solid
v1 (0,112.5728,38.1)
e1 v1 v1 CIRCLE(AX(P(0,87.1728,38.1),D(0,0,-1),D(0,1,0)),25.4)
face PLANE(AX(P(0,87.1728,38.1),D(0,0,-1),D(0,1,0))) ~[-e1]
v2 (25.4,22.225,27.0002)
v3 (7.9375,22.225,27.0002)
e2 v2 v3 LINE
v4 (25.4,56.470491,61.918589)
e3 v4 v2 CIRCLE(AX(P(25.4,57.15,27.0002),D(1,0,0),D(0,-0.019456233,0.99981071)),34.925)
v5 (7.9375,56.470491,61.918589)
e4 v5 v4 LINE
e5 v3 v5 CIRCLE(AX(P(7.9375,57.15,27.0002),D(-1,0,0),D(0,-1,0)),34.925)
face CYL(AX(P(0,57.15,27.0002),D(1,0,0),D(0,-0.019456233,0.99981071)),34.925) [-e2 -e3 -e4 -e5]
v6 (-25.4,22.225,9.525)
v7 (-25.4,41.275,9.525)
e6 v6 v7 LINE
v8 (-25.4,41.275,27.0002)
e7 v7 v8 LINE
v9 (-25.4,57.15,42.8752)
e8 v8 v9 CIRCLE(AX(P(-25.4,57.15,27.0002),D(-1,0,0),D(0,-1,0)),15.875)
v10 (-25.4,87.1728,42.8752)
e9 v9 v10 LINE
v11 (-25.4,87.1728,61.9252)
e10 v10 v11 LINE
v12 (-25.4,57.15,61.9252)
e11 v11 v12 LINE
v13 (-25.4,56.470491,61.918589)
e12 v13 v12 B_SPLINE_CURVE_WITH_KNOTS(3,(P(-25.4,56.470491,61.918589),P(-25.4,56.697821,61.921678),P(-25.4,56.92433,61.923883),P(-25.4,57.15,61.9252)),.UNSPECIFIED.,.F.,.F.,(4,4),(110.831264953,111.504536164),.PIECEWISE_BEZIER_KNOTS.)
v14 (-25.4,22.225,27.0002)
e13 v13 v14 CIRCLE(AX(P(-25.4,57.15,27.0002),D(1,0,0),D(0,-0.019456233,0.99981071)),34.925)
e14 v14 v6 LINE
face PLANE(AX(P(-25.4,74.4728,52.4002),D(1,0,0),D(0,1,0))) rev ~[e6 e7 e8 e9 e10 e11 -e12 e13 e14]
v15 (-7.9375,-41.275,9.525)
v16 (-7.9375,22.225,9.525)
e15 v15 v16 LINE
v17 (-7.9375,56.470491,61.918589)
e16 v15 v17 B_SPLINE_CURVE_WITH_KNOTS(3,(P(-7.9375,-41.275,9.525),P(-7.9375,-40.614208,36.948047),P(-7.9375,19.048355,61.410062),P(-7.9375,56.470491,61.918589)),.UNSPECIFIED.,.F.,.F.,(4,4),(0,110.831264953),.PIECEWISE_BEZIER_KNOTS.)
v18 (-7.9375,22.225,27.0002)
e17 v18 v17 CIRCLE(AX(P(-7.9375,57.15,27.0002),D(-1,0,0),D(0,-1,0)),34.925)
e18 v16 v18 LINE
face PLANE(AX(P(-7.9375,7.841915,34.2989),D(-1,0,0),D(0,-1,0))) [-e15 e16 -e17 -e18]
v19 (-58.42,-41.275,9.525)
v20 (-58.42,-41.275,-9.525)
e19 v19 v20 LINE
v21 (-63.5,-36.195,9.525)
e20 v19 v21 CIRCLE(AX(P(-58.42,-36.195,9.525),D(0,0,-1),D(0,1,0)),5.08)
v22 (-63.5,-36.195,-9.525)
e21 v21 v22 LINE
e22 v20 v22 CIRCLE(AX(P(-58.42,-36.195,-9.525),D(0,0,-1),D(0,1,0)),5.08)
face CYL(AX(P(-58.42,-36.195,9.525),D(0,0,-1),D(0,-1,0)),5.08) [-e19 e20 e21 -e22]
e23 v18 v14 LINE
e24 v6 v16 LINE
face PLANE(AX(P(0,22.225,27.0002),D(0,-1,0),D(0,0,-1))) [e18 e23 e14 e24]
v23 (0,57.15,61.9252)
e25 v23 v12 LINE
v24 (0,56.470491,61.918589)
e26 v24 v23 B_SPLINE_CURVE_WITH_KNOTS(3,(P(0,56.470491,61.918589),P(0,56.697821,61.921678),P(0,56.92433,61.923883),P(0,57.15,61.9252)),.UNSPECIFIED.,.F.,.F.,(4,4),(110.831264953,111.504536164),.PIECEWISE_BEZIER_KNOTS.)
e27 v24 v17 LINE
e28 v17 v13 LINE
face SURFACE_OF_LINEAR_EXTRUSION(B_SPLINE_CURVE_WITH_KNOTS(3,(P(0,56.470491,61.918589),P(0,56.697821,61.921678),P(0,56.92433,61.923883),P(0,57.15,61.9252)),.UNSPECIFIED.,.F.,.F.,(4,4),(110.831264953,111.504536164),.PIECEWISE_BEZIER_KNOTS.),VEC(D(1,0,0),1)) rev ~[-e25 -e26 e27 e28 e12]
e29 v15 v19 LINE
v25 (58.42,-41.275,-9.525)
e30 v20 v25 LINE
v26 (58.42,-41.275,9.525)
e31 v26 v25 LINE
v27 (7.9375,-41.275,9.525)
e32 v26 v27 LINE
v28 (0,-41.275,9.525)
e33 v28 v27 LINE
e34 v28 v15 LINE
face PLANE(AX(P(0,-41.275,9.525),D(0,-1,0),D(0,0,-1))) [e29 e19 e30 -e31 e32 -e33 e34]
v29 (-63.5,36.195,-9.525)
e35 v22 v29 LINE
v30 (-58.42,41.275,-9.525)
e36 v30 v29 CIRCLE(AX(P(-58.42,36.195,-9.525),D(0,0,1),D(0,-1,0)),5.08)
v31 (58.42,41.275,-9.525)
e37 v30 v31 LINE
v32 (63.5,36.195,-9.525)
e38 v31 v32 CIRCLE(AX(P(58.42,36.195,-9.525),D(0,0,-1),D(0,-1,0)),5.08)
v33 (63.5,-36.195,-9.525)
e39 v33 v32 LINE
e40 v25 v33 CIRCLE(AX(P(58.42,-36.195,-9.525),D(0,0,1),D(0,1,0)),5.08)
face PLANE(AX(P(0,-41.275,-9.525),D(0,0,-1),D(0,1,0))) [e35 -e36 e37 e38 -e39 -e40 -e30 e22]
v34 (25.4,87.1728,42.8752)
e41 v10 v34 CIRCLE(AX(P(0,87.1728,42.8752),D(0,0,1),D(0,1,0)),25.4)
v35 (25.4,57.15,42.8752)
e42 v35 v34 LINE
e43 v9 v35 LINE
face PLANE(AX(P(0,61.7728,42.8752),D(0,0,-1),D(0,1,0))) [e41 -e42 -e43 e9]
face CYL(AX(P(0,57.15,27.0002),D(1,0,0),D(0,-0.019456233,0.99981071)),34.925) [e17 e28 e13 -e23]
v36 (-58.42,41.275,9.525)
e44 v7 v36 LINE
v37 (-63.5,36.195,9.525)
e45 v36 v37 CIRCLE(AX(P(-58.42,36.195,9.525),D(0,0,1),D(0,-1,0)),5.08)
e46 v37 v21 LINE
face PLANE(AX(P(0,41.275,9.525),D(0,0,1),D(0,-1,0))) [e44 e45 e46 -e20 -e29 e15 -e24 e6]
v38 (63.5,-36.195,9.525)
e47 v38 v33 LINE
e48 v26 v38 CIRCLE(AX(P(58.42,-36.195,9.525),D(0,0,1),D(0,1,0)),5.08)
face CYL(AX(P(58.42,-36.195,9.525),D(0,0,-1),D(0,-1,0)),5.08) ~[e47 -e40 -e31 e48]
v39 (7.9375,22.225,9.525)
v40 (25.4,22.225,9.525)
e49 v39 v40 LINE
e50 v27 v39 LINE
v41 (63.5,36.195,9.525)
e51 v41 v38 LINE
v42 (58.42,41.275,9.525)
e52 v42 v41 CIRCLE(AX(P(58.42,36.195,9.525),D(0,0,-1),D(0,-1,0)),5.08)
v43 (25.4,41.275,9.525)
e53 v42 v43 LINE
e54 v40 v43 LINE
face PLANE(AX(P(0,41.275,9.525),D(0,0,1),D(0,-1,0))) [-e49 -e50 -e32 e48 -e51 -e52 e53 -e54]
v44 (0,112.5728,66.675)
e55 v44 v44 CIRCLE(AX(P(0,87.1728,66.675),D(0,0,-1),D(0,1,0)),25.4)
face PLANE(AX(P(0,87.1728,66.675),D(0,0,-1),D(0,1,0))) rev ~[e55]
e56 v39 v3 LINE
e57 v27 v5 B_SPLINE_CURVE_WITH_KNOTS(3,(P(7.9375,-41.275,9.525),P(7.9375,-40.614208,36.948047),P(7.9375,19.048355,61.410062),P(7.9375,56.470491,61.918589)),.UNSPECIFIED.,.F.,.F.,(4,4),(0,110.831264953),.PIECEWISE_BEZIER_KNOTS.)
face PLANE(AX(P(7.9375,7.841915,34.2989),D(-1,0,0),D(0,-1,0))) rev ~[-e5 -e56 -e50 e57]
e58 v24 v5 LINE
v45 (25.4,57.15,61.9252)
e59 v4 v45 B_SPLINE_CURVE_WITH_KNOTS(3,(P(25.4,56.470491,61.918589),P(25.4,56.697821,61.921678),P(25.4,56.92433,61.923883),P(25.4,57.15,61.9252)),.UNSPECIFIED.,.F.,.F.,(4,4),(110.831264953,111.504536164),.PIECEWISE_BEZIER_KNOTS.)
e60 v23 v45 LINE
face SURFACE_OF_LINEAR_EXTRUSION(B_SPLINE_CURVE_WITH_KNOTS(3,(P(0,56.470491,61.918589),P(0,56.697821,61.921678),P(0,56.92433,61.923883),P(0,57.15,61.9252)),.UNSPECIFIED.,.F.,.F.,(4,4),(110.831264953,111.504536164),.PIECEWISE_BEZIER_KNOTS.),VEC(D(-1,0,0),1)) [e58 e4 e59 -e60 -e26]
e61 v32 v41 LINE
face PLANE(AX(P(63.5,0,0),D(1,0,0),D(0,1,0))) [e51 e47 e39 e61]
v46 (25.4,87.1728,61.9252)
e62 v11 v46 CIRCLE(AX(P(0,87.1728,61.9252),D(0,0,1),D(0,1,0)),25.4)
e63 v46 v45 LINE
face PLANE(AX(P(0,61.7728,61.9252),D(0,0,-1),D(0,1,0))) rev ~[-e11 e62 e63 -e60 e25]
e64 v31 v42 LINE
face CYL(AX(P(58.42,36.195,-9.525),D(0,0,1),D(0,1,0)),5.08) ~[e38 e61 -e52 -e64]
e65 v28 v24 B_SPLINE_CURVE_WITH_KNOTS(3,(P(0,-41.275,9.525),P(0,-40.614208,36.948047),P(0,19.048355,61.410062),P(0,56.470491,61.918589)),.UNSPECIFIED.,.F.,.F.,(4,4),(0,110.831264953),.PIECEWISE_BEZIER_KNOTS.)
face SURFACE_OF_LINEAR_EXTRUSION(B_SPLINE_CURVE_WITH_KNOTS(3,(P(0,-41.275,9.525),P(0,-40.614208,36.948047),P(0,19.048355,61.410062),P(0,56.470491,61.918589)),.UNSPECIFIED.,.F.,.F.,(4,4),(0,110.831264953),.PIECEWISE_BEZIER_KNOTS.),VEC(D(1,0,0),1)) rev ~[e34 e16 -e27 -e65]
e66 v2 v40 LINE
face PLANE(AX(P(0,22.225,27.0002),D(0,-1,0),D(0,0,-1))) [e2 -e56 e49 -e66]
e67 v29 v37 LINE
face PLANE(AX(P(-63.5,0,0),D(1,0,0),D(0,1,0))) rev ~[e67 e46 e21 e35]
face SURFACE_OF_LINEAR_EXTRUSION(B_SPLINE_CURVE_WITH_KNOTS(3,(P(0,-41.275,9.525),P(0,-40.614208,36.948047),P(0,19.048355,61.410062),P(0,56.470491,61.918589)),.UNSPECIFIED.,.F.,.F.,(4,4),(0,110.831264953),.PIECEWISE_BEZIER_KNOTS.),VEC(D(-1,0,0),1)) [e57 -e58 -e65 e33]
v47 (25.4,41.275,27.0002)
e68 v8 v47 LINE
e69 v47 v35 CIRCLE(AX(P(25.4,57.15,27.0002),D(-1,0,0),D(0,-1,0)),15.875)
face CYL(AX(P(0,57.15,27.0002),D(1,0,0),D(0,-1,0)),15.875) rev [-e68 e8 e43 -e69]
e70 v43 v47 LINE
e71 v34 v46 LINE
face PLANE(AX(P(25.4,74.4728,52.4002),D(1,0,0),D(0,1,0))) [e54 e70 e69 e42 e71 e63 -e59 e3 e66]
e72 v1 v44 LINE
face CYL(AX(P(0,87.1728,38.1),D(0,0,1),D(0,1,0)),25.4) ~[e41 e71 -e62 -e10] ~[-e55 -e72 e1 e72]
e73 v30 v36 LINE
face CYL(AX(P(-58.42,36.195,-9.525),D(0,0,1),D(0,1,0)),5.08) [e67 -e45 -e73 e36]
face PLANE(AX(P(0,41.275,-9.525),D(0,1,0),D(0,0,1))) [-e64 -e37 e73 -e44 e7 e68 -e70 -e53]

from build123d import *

# Parameters (mm, degrees)
F1_DEPTH = 63.5
F2_DEPTH = 25.4
F3_DEPTH = 7.9375
F0_W     = 25.4
F0_H     = 19.05
F4_DEPTH = 25.4
F6_R     = 5.08


with BuildPart() as f1:
    # F0 (on Right) → F1 (new body, symmetric)
    with BuildSketch(Plane.YZ):
        Polygon((22.225, 9.525), (-41.275, 9.525), (-41.275, -9.525), (41.275, -9.525), (41.275, 9.525), align=None)
    extrude(amount=F1_DEPTH, both=True)

    # F0 (on Right) → F2 (join, symmetric)
    with BuildSketch(Plane.YZ):
        with BuildLine():
            Line((22.225, 27.0002), (22.225, 9.525))
            Line((22.225, 9.525), (41.275, 9.525))
            Line((41.275, 9.525), (41.275, 27.0002))
            ThreePointArc((41.275, 27.0002), (45.9246798487, 38.2255201513), (57.15, 42.8752))
            Line((57.15, 42.8752), (61.7728, 42.8752))
            Line((61.7728, 42.8752), (61.7728, 61.9252))
            Line((61.7728, 61.9252), (57.15, 61.9252))
            add(Edge.make_bspline(
                [(56.4704910637, 61.9185890322), (56.6978208401, 61.9216781998), (56.9243298896, 61.9238834244), (57.15, 61.9252)],
                knots=[110.8312649527, 110.8312649527, 110.8312649527, 110.8312649527, 111.5045361635, 111.5045361635, 111.5045361635, 111.5045361635], degree=3))
            ThreePointArc((56.4704910637, 61.9185890322), (32.2152103017, 51.4544815822), (22.225, 27.0002))
        make_face()
    extrude(amount=F2_DEPTH, both=True)

    # F0 (on Right) → F3 (join, symmetric)
    with BuildSketch(Plane.YZ):
        with BuildLine():
            add(Edge.make_bspline(
                [(-41.275, 9.525), (-40.6142083443, 36.9480472053), (19.0483552666, 61.4100623809), (56.4704910637, 61.9185890322)],
                knots=[0, 0, 0, 0, 110.8312649527, 110.8312649527, 110.8312649527, 110.8312649527], degree=3))
            Line((-41.275, 9.525), (22.225, 9.525))
            Line((22.225, 9.525), (22.225, 27.0002))
            ThreePointArc((22.225, 27.0002), (32.2152103017, 51.4544815822), (56.4704910637, 61.9185890322))
        make_face()
    extrude(amount=F3_DEPTH, both=True)

    # F0 (on Right) → F4 (join, symmetric)
    with BuildSketch(Plane.YZ):
        with Locations((74.4728, 52.4002)):
            Rectangle(F0_W, F0_H)
    extrude(amount=F4_DEPTH, both=True)

    # F0 (on Right) → F5 (revolve)
    with BuildSketch(Plane.YZ):
        Polygon((87.1728, 66.675), (87.1728, 61.9252), (87.1728, 42.8752), (87.1728, 38.1), (112.5728, 38.1), (112.5728, 66.675), align=None)
    revolve(axis=Axis((0, 87.1728, 52.3875), (0, 0, -1)))

    # F6
    f6_edges = [f1.edges().sort_by_distance(p)[0] for p in [
        (63.5, -41.275, 0),
        (63.5, 41.275, 0),
        (-63.5, 41.275, 0),
        (-63.5, -41.275, 0),
    ]]
    fillet(f6_edges, radius=F6_R)


solid = f1.part
